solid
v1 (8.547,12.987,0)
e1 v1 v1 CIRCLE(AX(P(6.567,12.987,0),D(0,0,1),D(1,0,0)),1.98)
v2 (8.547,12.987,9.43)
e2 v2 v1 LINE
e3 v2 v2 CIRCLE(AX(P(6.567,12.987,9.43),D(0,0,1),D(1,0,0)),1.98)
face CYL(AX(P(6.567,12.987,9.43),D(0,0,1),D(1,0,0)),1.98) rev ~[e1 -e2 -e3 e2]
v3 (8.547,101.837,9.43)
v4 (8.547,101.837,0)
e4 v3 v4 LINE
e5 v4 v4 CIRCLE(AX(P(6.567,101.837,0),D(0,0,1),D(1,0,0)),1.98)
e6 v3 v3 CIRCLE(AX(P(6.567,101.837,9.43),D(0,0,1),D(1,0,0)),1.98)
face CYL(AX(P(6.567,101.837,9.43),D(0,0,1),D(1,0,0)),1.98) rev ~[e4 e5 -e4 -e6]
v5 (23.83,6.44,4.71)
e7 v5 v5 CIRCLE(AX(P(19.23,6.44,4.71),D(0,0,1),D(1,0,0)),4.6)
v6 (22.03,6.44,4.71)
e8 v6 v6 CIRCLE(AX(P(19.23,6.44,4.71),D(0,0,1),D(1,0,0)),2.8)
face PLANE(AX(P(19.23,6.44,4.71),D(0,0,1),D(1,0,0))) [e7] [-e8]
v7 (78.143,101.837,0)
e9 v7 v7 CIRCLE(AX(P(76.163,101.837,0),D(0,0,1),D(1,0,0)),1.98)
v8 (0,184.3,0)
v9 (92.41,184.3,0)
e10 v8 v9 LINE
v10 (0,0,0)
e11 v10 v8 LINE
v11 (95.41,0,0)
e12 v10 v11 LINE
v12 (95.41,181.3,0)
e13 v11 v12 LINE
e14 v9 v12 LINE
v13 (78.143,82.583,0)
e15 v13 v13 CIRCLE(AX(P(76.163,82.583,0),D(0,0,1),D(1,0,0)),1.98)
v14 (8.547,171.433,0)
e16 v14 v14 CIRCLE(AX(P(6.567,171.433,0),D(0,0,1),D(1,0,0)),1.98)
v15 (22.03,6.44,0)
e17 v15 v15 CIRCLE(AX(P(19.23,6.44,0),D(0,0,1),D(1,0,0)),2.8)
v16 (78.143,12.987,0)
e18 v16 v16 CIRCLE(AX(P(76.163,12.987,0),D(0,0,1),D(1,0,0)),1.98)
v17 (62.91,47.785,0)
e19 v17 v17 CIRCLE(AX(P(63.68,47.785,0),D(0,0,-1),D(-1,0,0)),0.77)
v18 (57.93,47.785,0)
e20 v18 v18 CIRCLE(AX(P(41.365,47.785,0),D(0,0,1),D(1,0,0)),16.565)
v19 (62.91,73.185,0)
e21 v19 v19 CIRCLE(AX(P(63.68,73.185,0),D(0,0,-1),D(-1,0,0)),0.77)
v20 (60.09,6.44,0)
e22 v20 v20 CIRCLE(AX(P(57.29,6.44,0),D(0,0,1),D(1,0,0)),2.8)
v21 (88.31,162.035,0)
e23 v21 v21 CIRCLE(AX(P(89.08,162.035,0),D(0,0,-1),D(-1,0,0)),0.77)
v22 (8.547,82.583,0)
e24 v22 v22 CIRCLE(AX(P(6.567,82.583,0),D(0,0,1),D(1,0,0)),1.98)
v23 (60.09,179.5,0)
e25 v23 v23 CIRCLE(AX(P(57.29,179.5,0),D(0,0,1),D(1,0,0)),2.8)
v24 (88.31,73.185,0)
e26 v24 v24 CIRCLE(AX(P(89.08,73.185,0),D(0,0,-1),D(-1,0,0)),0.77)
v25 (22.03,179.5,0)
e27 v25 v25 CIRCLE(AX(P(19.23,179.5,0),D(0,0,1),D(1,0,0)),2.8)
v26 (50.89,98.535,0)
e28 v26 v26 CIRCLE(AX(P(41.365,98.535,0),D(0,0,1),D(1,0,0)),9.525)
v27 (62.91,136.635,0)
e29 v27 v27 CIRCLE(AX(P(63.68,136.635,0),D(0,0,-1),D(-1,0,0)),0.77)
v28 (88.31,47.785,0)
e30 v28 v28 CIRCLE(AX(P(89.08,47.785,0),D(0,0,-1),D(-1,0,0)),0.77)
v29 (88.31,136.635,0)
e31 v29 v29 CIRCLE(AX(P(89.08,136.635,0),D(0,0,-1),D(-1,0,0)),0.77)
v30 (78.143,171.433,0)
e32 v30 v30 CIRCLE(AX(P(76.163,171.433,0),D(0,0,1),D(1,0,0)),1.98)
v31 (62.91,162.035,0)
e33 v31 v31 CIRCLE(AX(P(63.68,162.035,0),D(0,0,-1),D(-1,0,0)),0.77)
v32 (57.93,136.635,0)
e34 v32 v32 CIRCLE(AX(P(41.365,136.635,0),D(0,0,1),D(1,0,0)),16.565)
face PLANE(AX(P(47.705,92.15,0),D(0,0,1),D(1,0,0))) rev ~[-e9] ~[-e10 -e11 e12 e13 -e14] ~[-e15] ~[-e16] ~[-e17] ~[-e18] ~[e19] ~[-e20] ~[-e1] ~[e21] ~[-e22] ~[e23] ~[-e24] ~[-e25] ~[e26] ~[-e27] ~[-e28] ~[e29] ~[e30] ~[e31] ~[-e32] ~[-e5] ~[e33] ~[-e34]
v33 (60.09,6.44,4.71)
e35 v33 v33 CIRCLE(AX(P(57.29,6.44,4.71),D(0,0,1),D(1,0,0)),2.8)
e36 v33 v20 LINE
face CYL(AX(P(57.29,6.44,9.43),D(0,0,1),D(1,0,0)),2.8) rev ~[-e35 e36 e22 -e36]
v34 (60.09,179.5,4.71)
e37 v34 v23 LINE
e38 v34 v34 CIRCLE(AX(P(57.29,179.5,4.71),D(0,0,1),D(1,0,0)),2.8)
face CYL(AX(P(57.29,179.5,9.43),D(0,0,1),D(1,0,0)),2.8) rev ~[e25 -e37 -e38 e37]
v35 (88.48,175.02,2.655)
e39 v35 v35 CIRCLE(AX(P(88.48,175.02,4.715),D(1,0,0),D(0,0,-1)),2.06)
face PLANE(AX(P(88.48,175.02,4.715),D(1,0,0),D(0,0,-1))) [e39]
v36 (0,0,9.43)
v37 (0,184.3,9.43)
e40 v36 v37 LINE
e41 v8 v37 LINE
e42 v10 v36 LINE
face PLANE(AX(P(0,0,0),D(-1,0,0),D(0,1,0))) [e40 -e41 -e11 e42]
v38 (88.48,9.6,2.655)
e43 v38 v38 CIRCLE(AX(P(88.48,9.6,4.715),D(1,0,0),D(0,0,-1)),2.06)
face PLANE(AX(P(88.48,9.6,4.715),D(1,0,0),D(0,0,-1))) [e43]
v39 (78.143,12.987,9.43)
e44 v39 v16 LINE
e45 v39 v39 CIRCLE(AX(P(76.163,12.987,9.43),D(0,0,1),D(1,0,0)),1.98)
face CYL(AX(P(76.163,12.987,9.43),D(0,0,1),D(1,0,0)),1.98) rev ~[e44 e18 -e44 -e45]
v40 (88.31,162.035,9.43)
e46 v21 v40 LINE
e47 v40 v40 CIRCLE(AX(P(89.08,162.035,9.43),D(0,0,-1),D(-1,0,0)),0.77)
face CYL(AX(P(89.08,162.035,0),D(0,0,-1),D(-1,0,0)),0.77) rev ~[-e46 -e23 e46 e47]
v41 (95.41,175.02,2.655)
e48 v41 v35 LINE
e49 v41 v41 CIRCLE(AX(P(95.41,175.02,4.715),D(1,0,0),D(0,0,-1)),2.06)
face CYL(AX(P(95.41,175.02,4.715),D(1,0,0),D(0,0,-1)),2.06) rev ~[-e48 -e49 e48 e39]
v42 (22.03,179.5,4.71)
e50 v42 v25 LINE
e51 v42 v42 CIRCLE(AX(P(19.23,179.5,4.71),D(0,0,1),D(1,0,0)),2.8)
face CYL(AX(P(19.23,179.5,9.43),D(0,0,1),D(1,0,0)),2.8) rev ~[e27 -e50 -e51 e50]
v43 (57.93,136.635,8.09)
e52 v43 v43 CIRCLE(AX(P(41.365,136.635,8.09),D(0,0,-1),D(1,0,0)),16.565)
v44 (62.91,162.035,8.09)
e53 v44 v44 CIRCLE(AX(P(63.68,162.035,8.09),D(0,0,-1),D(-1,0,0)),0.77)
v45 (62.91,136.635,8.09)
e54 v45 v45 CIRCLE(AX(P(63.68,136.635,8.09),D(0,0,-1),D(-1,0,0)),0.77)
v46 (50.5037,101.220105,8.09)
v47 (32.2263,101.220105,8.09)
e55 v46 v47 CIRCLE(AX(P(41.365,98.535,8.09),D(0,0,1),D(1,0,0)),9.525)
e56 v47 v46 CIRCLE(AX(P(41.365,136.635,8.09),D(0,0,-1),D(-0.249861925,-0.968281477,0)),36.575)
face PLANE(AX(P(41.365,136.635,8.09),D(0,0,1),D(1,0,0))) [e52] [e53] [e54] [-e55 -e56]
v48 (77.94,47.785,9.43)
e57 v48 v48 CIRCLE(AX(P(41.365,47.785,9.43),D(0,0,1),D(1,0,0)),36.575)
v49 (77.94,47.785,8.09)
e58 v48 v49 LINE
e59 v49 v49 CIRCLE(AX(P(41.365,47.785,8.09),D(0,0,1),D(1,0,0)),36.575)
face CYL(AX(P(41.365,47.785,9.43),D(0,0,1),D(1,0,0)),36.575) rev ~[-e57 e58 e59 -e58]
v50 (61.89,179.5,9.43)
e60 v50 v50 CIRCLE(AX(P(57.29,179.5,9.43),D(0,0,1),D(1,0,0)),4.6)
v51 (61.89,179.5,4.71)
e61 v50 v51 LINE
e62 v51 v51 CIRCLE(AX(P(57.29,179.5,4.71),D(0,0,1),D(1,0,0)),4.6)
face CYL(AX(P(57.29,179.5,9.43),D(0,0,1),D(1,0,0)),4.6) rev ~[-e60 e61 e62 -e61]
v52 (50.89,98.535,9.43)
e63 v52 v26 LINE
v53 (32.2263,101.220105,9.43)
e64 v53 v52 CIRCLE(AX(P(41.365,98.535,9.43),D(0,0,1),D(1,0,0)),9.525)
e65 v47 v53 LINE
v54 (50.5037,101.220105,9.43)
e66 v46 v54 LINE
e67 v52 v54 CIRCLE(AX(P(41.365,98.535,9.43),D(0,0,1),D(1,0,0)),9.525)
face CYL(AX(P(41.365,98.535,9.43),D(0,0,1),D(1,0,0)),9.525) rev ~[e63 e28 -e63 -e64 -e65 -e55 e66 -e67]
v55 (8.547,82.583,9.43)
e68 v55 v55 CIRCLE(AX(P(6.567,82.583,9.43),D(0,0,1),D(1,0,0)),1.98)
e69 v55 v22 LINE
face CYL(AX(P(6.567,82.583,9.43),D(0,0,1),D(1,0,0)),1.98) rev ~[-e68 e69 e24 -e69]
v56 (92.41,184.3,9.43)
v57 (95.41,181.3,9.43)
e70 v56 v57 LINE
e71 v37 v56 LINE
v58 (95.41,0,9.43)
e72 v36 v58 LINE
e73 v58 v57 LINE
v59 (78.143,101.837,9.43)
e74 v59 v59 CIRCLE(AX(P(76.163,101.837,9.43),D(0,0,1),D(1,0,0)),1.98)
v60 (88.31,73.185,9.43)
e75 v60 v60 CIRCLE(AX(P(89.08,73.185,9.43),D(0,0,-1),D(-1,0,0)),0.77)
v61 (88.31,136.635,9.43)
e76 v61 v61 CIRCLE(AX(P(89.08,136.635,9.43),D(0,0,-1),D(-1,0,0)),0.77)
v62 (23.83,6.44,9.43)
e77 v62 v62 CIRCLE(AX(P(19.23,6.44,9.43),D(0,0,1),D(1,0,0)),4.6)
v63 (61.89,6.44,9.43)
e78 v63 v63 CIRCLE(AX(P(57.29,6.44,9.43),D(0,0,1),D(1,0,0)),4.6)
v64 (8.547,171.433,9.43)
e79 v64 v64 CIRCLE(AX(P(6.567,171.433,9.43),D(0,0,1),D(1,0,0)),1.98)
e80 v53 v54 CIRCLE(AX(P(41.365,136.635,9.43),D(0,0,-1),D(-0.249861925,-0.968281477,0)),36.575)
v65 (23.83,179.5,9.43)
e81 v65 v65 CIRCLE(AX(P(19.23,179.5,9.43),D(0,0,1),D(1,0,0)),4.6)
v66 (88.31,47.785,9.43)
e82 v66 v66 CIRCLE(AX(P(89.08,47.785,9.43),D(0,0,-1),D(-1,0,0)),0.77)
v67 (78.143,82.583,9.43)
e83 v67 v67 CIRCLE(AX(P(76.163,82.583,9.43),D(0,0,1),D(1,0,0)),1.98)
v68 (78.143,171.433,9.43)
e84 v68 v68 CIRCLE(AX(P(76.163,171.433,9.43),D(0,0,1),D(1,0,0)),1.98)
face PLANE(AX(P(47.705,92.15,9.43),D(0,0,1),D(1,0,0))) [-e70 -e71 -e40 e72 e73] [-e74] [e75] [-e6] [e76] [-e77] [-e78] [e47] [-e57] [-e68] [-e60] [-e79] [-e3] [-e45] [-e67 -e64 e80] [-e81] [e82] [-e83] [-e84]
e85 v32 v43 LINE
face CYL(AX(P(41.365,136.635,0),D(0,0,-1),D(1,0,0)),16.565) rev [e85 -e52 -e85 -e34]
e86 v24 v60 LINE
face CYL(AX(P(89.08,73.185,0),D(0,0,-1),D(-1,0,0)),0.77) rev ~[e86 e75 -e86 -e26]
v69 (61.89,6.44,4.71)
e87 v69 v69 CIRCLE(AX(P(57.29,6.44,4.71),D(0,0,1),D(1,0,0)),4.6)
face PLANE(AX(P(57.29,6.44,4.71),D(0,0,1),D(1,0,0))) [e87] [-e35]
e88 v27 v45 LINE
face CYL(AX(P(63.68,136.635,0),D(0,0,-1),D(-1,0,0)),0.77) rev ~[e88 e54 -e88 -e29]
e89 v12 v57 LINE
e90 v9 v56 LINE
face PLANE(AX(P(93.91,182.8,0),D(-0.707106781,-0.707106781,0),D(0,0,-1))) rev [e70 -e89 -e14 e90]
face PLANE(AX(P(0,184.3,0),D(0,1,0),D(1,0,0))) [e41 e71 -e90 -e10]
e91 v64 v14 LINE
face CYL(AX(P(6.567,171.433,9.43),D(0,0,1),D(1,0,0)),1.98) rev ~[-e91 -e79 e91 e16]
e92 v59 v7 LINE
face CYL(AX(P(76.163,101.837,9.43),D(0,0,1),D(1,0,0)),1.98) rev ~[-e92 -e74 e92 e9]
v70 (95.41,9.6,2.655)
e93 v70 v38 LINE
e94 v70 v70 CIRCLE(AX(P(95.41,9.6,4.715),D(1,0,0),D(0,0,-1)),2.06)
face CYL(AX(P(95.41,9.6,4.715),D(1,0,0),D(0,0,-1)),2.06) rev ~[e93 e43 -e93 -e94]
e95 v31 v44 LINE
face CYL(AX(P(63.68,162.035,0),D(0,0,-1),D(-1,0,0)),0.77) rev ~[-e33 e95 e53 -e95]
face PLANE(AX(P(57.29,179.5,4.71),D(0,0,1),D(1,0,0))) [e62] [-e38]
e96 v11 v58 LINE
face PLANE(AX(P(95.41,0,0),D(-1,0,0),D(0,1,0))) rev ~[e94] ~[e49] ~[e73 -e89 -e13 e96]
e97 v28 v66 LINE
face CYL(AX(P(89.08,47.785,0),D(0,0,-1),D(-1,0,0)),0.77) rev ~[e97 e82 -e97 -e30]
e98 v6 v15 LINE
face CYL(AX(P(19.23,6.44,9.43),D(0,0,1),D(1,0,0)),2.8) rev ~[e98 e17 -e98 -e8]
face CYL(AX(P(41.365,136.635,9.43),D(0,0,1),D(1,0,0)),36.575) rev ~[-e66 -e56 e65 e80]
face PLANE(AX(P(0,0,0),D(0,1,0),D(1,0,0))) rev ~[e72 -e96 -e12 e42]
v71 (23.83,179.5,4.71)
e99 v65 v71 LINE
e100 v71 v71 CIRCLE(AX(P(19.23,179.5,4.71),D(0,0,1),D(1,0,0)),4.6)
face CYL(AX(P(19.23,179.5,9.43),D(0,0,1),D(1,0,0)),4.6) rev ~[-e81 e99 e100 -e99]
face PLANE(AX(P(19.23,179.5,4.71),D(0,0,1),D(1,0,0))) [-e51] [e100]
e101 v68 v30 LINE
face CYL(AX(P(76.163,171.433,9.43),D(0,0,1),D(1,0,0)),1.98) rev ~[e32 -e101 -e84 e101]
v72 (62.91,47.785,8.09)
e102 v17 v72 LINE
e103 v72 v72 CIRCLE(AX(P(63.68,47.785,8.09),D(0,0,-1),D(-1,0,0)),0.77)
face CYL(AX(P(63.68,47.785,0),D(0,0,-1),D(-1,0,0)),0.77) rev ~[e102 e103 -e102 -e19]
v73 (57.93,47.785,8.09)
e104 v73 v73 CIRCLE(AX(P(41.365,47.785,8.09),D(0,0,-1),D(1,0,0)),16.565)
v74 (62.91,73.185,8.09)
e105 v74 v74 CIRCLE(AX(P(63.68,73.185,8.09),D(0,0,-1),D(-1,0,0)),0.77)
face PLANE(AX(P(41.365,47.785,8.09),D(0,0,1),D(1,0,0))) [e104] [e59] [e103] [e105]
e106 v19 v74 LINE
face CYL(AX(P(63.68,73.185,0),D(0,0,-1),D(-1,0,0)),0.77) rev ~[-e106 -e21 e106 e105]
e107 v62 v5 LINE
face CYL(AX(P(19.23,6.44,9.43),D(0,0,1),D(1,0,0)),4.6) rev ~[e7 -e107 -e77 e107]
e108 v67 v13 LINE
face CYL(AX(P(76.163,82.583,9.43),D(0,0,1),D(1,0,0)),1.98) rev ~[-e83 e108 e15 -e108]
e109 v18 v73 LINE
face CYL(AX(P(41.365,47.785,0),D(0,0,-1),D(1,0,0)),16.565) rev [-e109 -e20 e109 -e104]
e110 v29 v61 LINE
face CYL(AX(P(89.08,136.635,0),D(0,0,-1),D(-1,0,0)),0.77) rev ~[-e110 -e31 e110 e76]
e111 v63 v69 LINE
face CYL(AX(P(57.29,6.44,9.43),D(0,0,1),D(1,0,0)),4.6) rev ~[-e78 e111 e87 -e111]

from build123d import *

# Parameters (mm, degrees)
SKETCH1_W           = 95.41
SKETCH1_H           = 184.3
SKETCH1_R           = 16.565
BOSS_EXTRUDE1_DEPTH = 9.43
CHAMFER1_SIZE       = 3
SKETCH2_R           = 36.575
CUT_EXTRUDE1_DEPTH  = 1.34
SKETCH3_R           = 9.525
CUT_EXTRUDE2_DEPTH  = 10.43
SKETCH4_R           = 2.8
CUT_EXTRUDE3_DEPTH  = 10.43
SKETCH5_R           = 4.6
CUT_EXTRUDE4_DEPTH  = 4.72
SKETCH6_R           = 1.98
CUT_EXTRUDE5_DEPTH  = 10.43
SKETCH7_R           = 2.06
CUT_EXTRUDE6_DEPTH  = 6.93
SKETCH9_R           = 0.77
CUT_EXTRUDE7_DEPTH  = 10.43


with BuildPart() as part:
    # Sketch1 → Boss-Extrude1 (new body)
    with BuildSketch(Plane.XY):
        with Locations((47.705, 92.15)):
            Rectangle(SKETCH1_W, SKETCH1_H)
        with Locations((41.365, 136.635)):
            Circle(SKETCH1_R, mode=Mode.SUBTRACT)
        with Locations((41.365, 47.785)):
            Circle(SKETCH1_R, mode=Mode.SUBTRACT)
    extrude(amount=BOSS_EXTRUDE1_DEPTH)

    # Chamfer1
    chamfer1_edges = [part.edges().sort_by_distance(p)[0] for p in [
        (95.41, 184.3, 4.715),
    ]]
    chamfer(chamfer1_edges, length=CHAMFER1_SIZE)

    # Sketch2 → Cut-Extrude1 (cut)
    with BuildSketch(Plane.XY.offset(9.43)):
        with Locations((41.365, 136.635)):
            Circle(SKETCH2_R)
        with Locations((41.365, 47.785)):
            Circle(SKETCH2_R)
    extrude(amount=-CUT_EXTRUDE1_DEPTH, mode=Mode.SUBTRACT)

    # Sketch3 → Cut-Extrude2 (cut, through all)
    with BuildSketch(Plane.XY.offset(9.43)):
        with Locations((41.365, 98.535)):
            Circle(SKETCH3_R)
    extrude(amount=-CUT_EXTRUDE2_DEPTH, mode=Mode.SUBTRACT)

    # Sketch4 → Cut-Extrude3 (cut, through all)
    with BuildSketch(Plane.XY.offset(9.43)):
        with Locations((19.23, 179.5)):
            Circle(SKETCH4_R)
        with Locations((57.29, 179.5)):
            Circle(SKETCH4_R)
        with Locations((19.23, 6.44)):
            Circle(SKETCH4_R)
        with Locations((57.29, 6.44)):
            Circle(SKETCH4_R)
    extrude(amount=-CUT_EXTRUDE3_DEPTH, mode=Mode.SUBTRACT)

    # Sketch5 → Cut-Extrude4 (cut)
    with BuildSketch(Plane.XY.offset(9.43)):
        with Locations((19.23, 179.5)):
            Circle(SKETCH5_R)
        with Locations((57.29, 179.5)):
            Circle(SKETCH5_R)
        with Locations((19.23, 6.44)):
            Circle(SKETCH5_R)
        with Locations((57.29, 6.44)):
            Circle(SKETCH5_R)
    extrude(amount=-CUT_EXTRUDE4_DEPTH, mode=Mode.SUBTRACT)

    # Sketch6 → Cut-Extrude5 (cut, through all)
    with BuildSketch(Plane.XY.offset(9.43)):
        with Locations((6.567, 171.433)):
            Circle(SKETCH6_R)
        with Locations((76.163, 171.433)):
            Circle(SKETCH6_R)
        with Locations((76.163, 101.837)):
            Circle(SKETCH6_R)
        with Locations((6.567, 101.837)):
            Circle(SKETCH6_R)
        with Locations((6.567, 82.583)):
            Circle(SKETCH6_R)
        with Locations((76.163, 82.583)):
            Circle(SKETCH6_R)
        with Locations((76.163, 12.987)):
            Circle(SKETCH6_R)
        with Locations((6.567, 12.987)):
            Circle(SKETCH6_R)
    extrude(amount=-CUT_EXTRUDE5_DEPTH, mode=Mode.SUBTRACT)

    # Sketch7 → Cut-Extrude6 (cut)
    with BuildSketch(Plane(origin=(95.41, 0, 0), x_dir=(0, 0, -1), z_dir=(1, 0, 0))):
        with Locations((-4.715, 175.02)):
            Circle(SKETCH7_R)
        with Locations((-4.715, 9.6)):
            Circle(SKETCH7_R)
    extrude(amount=-CUT_EXTRUDE6_DEPTH, mode=Mode.SUBTRACT)

    # Sketch9 → Cut-Extrude7 (cut, through all)
    with BuildSketch(Plane(origin=(0, 0, 0), x_dir=(-1, 0, 0), z_dir=(0, 0, -1))):
        with Locations((-89.08, 162.035)):
            Circle(SKETCH9_R)
        with Locations((-63.68, 162.035)):
            Circle(SKETCH9_R)
        with Locations((-89.08, 136.635)):
            Circle(SKETCH9_R)
        with Locations((-63.68, 136.635)):
            Circle(SKETCH9_R)
        with Locations((-89.08, 73.185)):
            Circle(SKETCH9_R)
        with Locations((-63.68, 73.185)):
            Circle(SKETCH9_R)
        with Locations((-89.08, 47.785)):
            Circle(SKETCH9_R)
        with Locations((-63.68, 47.785)):
            Circle(SKETCH9_R)
    extrude(amount=-CUT_EXTRUDE7_DEPTH, mode=Mode.SUBTRACT)


solid = part.part
